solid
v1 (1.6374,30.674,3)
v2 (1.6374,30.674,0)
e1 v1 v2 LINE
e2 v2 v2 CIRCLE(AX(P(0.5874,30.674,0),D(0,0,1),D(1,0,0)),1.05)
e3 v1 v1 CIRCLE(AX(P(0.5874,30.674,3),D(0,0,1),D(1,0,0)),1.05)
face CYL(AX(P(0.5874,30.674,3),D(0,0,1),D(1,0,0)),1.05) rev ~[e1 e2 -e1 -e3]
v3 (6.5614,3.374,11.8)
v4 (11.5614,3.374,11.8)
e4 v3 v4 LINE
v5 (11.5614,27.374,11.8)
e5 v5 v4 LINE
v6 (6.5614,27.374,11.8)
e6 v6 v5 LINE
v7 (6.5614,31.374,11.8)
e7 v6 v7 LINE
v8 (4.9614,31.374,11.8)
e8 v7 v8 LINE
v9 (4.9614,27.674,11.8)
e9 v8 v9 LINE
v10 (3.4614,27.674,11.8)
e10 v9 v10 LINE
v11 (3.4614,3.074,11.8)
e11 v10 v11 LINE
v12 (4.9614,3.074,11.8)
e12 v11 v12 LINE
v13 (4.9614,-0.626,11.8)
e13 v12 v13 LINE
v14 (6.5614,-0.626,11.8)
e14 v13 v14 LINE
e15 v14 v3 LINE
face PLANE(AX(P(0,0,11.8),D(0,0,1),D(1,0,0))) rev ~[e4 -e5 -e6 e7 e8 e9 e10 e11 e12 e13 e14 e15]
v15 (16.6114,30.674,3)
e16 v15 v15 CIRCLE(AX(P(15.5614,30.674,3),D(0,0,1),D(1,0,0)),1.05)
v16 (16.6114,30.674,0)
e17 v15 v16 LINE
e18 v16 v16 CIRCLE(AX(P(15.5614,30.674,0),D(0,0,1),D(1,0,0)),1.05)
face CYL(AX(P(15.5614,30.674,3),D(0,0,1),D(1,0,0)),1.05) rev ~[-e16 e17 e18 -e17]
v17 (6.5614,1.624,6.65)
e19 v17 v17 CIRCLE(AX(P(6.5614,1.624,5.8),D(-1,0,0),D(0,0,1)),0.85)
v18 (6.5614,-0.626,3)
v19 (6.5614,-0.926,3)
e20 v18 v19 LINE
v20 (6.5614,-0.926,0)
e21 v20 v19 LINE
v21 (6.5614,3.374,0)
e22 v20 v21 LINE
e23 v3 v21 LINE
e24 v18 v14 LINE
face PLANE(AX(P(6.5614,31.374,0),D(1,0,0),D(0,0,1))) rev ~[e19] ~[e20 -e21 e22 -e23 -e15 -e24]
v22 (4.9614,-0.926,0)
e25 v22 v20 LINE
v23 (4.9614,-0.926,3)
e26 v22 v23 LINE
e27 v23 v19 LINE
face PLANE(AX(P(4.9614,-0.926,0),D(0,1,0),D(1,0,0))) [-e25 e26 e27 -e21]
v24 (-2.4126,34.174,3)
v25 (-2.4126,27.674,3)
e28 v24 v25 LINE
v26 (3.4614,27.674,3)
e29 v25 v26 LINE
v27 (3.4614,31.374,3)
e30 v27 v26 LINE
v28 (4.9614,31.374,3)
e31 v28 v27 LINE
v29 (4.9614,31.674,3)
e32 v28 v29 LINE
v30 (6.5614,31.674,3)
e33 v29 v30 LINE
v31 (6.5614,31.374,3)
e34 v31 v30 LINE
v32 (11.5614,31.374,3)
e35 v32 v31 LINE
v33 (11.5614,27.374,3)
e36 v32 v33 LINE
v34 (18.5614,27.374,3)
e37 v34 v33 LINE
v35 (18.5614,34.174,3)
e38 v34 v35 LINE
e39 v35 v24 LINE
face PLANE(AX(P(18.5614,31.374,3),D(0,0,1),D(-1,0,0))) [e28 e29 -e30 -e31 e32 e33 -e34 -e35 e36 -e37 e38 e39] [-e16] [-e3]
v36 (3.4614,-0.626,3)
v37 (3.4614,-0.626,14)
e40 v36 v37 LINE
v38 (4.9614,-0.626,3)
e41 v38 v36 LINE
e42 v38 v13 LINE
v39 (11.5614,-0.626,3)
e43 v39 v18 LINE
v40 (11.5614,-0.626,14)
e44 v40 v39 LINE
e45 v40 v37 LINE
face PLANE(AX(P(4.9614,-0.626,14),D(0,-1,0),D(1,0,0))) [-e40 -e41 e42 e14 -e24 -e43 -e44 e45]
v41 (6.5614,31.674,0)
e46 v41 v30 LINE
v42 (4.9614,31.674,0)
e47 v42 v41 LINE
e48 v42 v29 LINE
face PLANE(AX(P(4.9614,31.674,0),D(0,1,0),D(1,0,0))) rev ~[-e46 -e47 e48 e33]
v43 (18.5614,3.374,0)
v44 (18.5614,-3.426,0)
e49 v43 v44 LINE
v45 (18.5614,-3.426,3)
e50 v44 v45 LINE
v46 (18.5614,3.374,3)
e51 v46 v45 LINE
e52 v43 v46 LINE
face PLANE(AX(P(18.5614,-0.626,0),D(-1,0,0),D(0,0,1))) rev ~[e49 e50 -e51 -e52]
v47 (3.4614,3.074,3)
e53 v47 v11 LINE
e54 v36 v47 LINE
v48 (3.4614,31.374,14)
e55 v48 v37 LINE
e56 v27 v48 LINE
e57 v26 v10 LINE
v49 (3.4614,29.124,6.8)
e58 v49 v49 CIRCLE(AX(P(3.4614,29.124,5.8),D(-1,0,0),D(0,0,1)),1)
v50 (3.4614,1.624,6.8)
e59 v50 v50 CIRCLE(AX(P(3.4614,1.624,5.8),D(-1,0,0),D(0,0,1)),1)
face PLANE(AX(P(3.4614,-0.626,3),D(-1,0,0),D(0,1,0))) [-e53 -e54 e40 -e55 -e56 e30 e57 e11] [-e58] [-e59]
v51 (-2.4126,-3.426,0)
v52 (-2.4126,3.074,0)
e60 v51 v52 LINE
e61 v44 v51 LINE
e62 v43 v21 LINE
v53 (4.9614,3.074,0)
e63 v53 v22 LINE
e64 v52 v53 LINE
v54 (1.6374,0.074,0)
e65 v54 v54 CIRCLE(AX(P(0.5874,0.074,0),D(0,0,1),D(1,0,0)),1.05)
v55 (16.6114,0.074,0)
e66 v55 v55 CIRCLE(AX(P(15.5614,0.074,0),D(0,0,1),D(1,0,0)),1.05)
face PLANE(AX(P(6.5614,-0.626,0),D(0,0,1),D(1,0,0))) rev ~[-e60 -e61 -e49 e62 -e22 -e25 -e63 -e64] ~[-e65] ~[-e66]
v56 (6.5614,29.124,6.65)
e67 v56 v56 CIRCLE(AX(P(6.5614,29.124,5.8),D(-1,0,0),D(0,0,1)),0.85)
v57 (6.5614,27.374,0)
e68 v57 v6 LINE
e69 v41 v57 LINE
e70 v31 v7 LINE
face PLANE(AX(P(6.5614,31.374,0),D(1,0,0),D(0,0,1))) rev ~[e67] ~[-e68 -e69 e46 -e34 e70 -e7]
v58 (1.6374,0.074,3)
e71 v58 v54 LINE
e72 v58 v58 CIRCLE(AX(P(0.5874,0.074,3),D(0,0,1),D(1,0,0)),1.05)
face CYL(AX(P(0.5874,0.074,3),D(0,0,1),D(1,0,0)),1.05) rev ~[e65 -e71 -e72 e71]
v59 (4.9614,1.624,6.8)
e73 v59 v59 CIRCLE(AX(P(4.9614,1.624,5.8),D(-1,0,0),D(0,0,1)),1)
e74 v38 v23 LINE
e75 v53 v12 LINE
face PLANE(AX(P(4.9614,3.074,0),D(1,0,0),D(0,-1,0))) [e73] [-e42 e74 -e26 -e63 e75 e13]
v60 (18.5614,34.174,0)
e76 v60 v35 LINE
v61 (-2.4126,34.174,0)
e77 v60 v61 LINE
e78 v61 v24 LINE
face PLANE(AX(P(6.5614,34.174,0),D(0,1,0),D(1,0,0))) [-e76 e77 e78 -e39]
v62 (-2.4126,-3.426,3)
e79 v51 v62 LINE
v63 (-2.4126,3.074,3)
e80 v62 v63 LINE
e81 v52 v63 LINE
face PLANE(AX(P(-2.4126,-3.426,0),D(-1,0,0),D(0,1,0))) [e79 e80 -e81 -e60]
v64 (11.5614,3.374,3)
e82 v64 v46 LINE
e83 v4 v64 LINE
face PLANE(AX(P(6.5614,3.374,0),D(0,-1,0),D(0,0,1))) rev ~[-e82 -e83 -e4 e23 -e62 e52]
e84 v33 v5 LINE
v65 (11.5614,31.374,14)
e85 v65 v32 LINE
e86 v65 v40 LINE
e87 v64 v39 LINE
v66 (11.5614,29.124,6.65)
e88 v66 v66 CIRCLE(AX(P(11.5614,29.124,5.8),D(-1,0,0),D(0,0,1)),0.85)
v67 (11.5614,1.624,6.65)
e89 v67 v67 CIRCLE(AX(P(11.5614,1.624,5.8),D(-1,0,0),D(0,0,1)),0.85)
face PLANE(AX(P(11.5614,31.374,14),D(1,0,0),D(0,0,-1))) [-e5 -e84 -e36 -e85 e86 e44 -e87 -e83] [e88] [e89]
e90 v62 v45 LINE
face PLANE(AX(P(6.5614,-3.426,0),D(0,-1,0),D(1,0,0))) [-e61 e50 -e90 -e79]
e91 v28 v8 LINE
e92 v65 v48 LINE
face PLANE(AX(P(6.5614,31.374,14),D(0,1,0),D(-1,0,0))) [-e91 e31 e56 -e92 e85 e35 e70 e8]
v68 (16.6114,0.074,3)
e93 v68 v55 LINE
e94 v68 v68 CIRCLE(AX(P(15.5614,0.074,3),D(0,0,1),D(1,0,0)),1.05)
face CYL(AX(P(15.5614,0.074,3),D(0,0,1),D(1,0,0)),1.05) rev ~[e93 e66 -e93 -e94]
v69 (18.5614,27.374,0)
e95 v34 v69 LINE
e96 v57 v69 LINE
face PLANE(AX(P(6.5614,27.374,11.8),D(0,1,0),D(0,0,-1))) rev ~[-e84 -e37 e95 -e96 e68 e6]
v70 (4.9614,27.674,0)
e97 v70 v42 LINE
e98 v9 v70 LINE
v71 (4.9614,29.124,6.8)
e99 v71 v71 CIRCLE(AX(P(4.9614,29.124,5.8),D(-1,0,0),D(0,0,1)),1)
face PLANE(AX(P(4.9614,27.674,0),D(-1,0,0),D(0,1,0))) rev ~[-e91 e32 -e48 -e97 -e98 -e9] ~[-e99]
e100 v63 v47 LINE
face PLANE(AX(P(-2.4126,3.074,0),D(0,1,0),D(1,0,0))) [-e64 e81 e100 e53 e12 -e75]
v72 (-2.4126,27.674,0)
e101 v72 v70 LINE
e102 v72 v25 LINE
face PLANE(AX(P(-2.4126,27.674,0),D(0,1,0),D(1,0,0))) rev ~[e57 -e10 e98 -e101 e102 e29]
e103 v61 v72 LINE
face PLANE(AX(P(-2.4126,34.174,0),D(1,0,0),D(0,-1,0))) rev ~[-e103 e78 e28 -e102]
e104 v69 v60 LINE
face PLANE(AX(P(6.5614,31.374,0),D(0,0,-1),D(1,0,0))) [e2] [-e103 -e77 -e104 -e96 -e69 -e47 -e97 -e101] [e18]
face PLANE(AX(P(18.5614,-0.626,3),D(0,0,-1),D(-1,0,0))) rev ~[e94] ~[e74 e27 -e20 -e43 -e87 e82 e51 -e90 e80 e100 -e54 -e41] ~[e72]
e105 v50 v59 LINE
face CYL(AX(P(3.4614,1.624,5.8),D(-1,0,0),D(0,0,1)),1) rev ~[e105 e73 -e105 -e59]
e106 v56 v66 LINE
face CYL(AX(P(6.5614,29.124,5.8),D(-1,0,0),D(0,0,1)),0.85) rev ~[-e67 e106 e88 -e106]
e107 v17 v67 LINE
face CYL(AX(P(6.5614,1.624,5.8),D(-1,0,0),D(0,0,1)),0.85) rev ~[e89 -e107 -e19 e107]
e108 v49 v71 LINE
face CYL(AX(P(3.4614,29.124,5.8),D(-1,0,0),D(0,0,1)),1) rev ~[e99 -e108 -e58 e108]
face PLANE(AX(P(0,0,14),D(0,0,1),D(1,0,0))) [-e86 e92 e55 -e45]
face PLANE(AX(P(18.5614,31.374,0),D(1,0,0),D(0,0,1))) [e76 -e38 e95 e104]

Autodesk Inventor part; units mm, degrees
ref_plane "YZ Plane" through (0, 0, 0) normal (1, 0, 0) x (0, 1, 0)
ref_plane "XZ Plane" through (0, 0, 0) normal (0, 1, 0) x (-1, 0, 0)
ref_plane "XY Plane" through (0, 0, 0) normal (0, 0, 1) x (1, 0, 0)
sketch "スケッチ1" plane through (0, 0, 0) normal (0, 0, 1) x (1, 0, 0)
  line L0 (4.7874, 3.074) -> (-2.4126, 3.074) construction
  line L1 (-2.4126, 3.074) -> (-2.4126, -2.5626) construction
  line L2 (4.6566, -2.5626) -> (-2.4126, -2.5626) construction
  line L3 (4.6566, -14.1826) -> (4.6566, -2.5626) construction
  line L4 (32.7567, -14.1826) -> (4.6566, -14.1826) construction
  arc A0 (33.6403, -15.0662) -> (32.7567, -14.1826) centre (32.7567, -15.0662) ccw construction
  line L5 (33.6403, -15.0662) -> (33.6403, -5.3461) construction
  arc A1 (32.7567, -6.2297) -> (33.6403, -5.3461) centre (32.7567, -5.3461) ccw construction
  line L6 (32.7567, -6.2297) -> (28.4268, -6.2297) construction
  line L7 (28.4268, 12.9897) -> (28.4268, -6.2297) construction
  line L8 (28.4268, 12.9897) -> (33.7287, 12.9897) construction
  line L9 (33.7287, 34.374) -> (33.7287, 12.9897) construction
  line L10 (-2.4126, 34.374) -> (33.7287, 34.374) construction
  line L11 (-2.4126, 34.374) -> (-2.4126, 27.674) construction
  line L12 (-2.4126, 27.674) -> (4.7874, 27.674) construction
  line L13 (4.7874, 27.674) -> (4.7874, 31.674) construction
  line L14 (4.7874, 31.674) -> (7.0874, 31.674) construction
  line L15 (7.0874, 31.674) -> (7.0874, 27.674) construction
  line L16 (7.0874, 27.674) -> (22.5874, 27.674) construction
  line L17 (22.5874, 27.674) -> (22.5874, 3.074) construction
  line L18 (22.5874, 3.074) -> (7.0874, 3.074) construction
  line L19 (7.0874, 3.074) -> (7.0874, -0.926) construction
  line L20 (7.0874, -0.926) -> (4.7874, -0.926) construction
  line L21 (4.7874, -0.926) -> (4.7874, 3.074) construction
  line L22 (4.9614, 30.124) -> (6.5614, 30.124) construction
  line L23 (4.9614, 28.124) -> (6.5614, 28.124) construction
  line L24 (6.5614, 27.174) -> (20.8114, 27.174) construction
  line L25 (6.5614, 29.374) -> (6.5614, 31.374) construction
  line L26 (6.5614, 26.174) -> (6.5614, 29.374) construction
  line L27 (18.4524, 3.574) -> (6.5614, 3.574) construction
  line L28 (6.5614, 1.374) -> (6.5614, 4.574) construction
  line L29 (6.5614, -0.626) -> (6.5614, 1.374) construction
  line L30 (4.9614, 2.624) -> (6.5614, 2.624) construction
  line L31 (4.9614, 0.624) -> (6.5614, 0.624) construction
  line L32 (6.5614, 31.374) -> (18.5614, 31.374)
  line L33 (18.5614, 31.374) -> (18.5614, -0.626)
  line L34 (18.5614, -0.626) -> (6.5614, -0.626)
  line L35 (6.5614, -0.626) -> (6.5614, 31.374)
  circle A2 centre (0.5874, 30.674) radius 0.8
  circle A3 centre (15.5614, 0.074) radius 0.8
  circle A4 centre (0.5874, 0.074) radius 0.8
  circle A5 centre (15.5614, 30.674) radius 0.8
  point P0 (0, 0)
extrude "押し出し1" add sketch "スケッチ1" along normal blind 14 contours L32 A5 L33 L34 A3 L35 | L32 A5 | A3 L34 picked at (15.5843, 30.875) picked at (15.5358, 0.3268)
sketch "スケッチ2" plane through (6.5614, -0.626, 0) normal (-1, 0, 0) x (0, 0, 1)
  line L0 (1, 27.8) -> (10.6, 27.8) construction
  arc A0 (11.6, 26.8) -> (10.6, 27.8) centre (10.6, 26.8) ccw construction
  line L1 (11.6, 26.8) -> (11.6, 30) construction
  arc A1 (11.6, 30) -> (9.6, 32) centre (9.6, 30) ccw construction
  line L2 (2, 32) -> (9.6, 32) construction
  arc A2 (2, 32) -> (0, 30) centre (2, 30) ccw construction
  line L3 (0, 26.8) -> (0, 30) construction
  arc A3 (1, 27.8) -> (0, 26.8) centre (1, 26.8) ccw construction
  circle A4 centre (5.8, 29.75) radius 1 construction
  arc A5 (10.6, 4.2) -> (11.6, 5.2) centre (10.6, 5.2) ccw construction
  line L4 (10.6, 4.2) -> (1, 4.2) construction
  arc A6 (0, 5.2) -> (1, 4.2) centre (1, 5.2) ccw construction
  line L5 (0, 2) -> (0, 5.2) construction
  arc A7 (0, 2) -> (2, 0) centre (2, 2) ccw construction
  line L6 (9.6, 0) -> (2, 0) construction
  arc A8 (9.6, 0) -> (11.6, 2) centre (9.6, 2) ccw construction
  line L7 (11.6, 2) -> (11.6, 5.2) construction
  circle A9 centre (5.8, 2.25) radius 1 construction
  circle A10 centre (5.8, 29.75) radius 0.85
  circle A11 centre (5.8, 2.25) radius 0.85
  point P0 (0, 0.626)
  dimension "d3" = 1.7
extrude "押し出し2" cut sketch "スケッチ2" against normal up to next
sketch "スケッチ3" plane through (6.5614, -0.626, 0) normal (-1, 0, 0) x (0, 0, 1)
  line L0 (9.6, 27.8) -> (2, 27.8) construction
  line L1 (11.6, 9.918) -> (11.6, 25.8) construction
  spline S0 degree 5 poles (31.6664, 3.8342) (33.0444, 2.9064) (34.3681, 1.8973) (35.6334, 0.8093) (37.4433, -0.9431) (39.0884, -2.8469) (39.625, -3.5071) (40.1413, -4.1828) (40.6369, -4.8737) knots 0.500883 0.500883 0.500883 0.500883 0.500883 0.500883 16.687593 16.687593 16.687593 24.970224 24.970224 24.970224 24.970224 24.970224 24.970224 construction
  line L2 (1, 27.8) -> (10.6, 27.8) construction
  arc A0 (11.6, 26.8) -> (10.6, 27.8) centre (10.6, 26.8) ccw construction
  line L3 (11.6, 26.8) -> (11.6, 30) construction
  arc A1 (11.6, 30) -> (9.6, 32) centre (9.6, 30) ccw construction
  line L4 (2, 32) -> (9.6, 32) construction
  arc A2 (2, 32) -> (0, 30) centre (2, 30) ccw construction
  line L5 (0, 26.8) -> (0, 30) construction
  arc A3 (1, 27.8) -> (0, 26.8) centre (1, 26.8) ccw construction
  circle A4 centre (5.8, 29.75) radius 1 construction
  arc A5 (10.6, 4.2) -> (11.6, 5.2) centre (10.6, 5.2) ccw construction
  line L6 (10.6, 4.2) -> (1, 4.2) construction
  arc A6 (0, 5.2) -> (1, 4.2) centre (1, 5.2) ccw construction
  line L7 (0, 2) -> (0, 5.2) construction
  arc A7 (0, 2) -> (2, 0) centre (2, 2) ccw construction
  line L8 (9.6, 0) -> (2, 0) construction
  arc A8 (9.6, 0) -> (11.6, 2) centre (9.6, 2) ccw construction
  line L9 (11.6, 2) -> (11.6, 5.2) construction
  circle A9 centre (5.8, 2.25) radius 1 construction
  line L10 (11.8, 28) -> (-0.2, 28)
  line L11 (-0.2, 28) -> (-0.2, 4)
  line L12 (-0.2, 4) -> (11.8, 4)
  line L13 (11.8, 4) -> (11.8, 28)
  line L14 (0, 0) -> (0, 32) projected
  point P0 (0, 0.626)
  dimension "d6" = 0.2
  dimension "d7" = 0.2
  dimension "d8" = 0.2
  dimension "d9" = 0.2
extrude "押し出し3" cut sketch "スケッチ3" against normal up to next
sketch "スケッチ4" plane through (6.5614, 31.374, 0) normal (0, 1, 0) x (1, 0, 0)
  line L0 (12, -14) -> (0, -14) projected
  line L1 (12, -14) -> (5, -14)
  line L2 (5, -14) -> (5, -3)
  line L3 (5, -3) -> (12, -3)
  line L4 (12, -3) -> (12, -14)
  line L5 (0, 0) -> (12, 0) projected
  point P0 (-6.5614, 0)
  dimension "d12" = 7
  dimension "d13" = 3
extrude "押し出し4" cut sketch "スケッチ4" against normal up to next
sketch "スケッチ5" plane through (6.5614, -0.626, 0) normal (0, -1, 0) x (1, 0, 0)
  line L0 (12, 0) -> (12, 3) projected
  line L1 (12, 3) -> (0, 3)
  line L2 (0, 3) -> (0, 0)
  line L3 (0, 0) -> (12, 0)
  line L4 (12, 0) -> (12, 3)
  point P0 (-6.5614, 0)
extrude "押し出し5" add sketch "スケッチ5" along normal blind 2.8
sketch "スケッチ6" plane through (6.5614, 31.374, 0) normal (0, 1, 0) x (1, 0, 0)
  line L0 (12, -3) -> (0, -3) projected
  line L1 (0, 0) -> (0, -14) projected
  line L2 (12, -3) -> (0, -3)
  line L3 (0, -3) -> (0, 0)
  line L4 (0, 0) -> (12, 0)
  line L5 (12, 0) -> (12, -3)
  point P0 (-6.5614, 0)
extrude "押し出し6" add sketch "スケッチ6" along normal blind 2.8
sketch "スケッチ7" plane through (0, 0, 0) normal (0, 0, -1) x (-1, 0, 0)
  line L0 (-4.7874, 3.074) -> (2.4126, 3.074) construction
  line L1 (2.4126, 3.074) -> (2.4126, -2.5626) construction
  line L2 (-4.6566, -2.5626) -> (2.4126, -2.5626) construction
  line L3 (-4.6566, -14.1826) -> (-4.6566, -2.5626) construction
  line L4 (-32.7567, -14.1826) -> (-4.6566, -14.1826) construction
  arc A0 (-32.7567, -14.1826) -> (-33.6403, -15.0662) centre (-32.7567, -15.0662) ccw construction
  line L5 (-33.6403, -15.0662) -> (-33.6403, -5.3461) construction
  arc A1 (-33.6403, -5.3461) -> (-32.7567, -6.2297) centre (-32.7567, -5.3461) ccw construction
  line L6 (-32.7567, -6.2297) -> (-28.4268, -6.2297) construction
  line L7 (-28.4268, 12.9897) -> (-28.4268, -6.2297) construction
  line L8 (-28.4268, 12.9897) -> (-33.7287, 12.9897) construction
  line L9 (-33.7287, 34.374) -> (-33.7287, 12.9897) construction
  line L10 (2.4126, 34.374) -> (-33.7287, 34.374) construction
  line L11 (2.4126, 34.374) -> (2.4126, 27.674) construction
  line L12 (2.4126, 27.674) -> (-4.7874, 27.674) construction
  line L13 (-4.7874, 27.674) -> (-4.7874, 31.674) construction
  line L14 (-4.7874, 31.674) -> (-7.0874, 31.674) construction
  line L15 (-7.0874, 31.674) -> (-7.0874, 27.674) construction
  line L16 (-7.0874, 27.674) -> (-22.5874, 27.674) construction
  line L17 (-22.5874, 27.674) -> (-22.5874, 3.074) construction
  line L18 (-22.5874, 3.074) -> (-7.0874, 3.074) construction
  line L19 (-7.0874, 3.074) -> (-7.0874, -0.926) construction
  line L20 (-7.0874, -0.926) -> (-4.7874, -0.926) construction
  line L21 (-4.7874, -0.926) -> (-4.7874, 3.074) construction
  line L22 (-4.9614, 31.374) -> (-4.9614, 29.374) construction
  line L23 (-6.9374, 3.074) -> (-6.9374, -0.926) construction
  line L24 (-22.5874, 3.074) -> (-7.0874, 3.074) construction
  line L25 (-22.4374, 27.674) -> (-22.4374, 3.074) construction
  line L26 (-7.0874, 27.674) -> (-22.5874, 27.674) construction
  line L27 (-6.9374, 31.674) -> (-6.9374, 27.674) construction
  line L28 (-4.7874, 31.674) -> (-7.0874, 31.674) construction
  line L29 (-4.6374, 27.674) -> (-4.6374, 31.674) construction
  line L30 (2.4126, 27.674) -> (-4.7874, 27.674) construction
  line L31 (2.5626, 3.074) -> (2.5626, 27.674) construction
  line L32 (-4.7874, 3.074) -> (2.4126, 3.074) construction
  line L33 (-4.6374, -0.926) -> (-4.6374, 3.074) construction
  line L34 (-7.0874, -0.926) -> (-4.7874, -0.926) construction
  line L35 (-4.9614, 1.374) -> (-4.9614, -0.626) construction
  line L36 (-6.5614, 27.374) -> (-6.5614, 34.174) projected
  line L37 (-6.5614, 34.174) -> (2.4126, 34.174)
  line L38 (2.4126, 34.174) -> (2.4126, 27.674)
  line L39 (2.4126, 27.674) -> (-4.9614, 27.674)
  line L40 (-4.9614, 27.674) -> (-4.9614, 31.674)
  line L41 (-4.9614, 31.674) -> (-6.5614, 31.674)
  line L42 (-6.5614, 31.674) -> (-6.5614, 34.174)
  line L43 (-6.5614, -0.626) -> (-6.5614, -3.426) projected
  line L44 (-6.5614, -3.426) -> (2.4126, -3.426)
  line L45 (2.4126, -3.426) -> (2.4126, 3.074)
  line L46 (2.4126, 3.074) -> (-4.9614, 3.074)
  line L47 (-4.9614, 3.074) -> (-4.9614, -0.926)
  line L48 (-4.9614, -0.926) -> (-6.5614, -0.926)
  line L49 (-6.5614, -0.926) -> (-6.5614, -3.426)
  circle A2 centre (-0.5874, 30.674) radius 0.8 projected
  circle A3 centre (-15.5614, 0.074) radius 0.8 projected
  circle A4 centre (-0.5874, 0.074) radius 0.8 projected
  circle A5 centre (-15.5614, 30.674) radius 0.8 projected
  point P0 (0, 0)
extrude "押し出し7" add sketch "スケッチ7" against normal up to surface (3 mm away) contours L36 L37 L38 L39 L40 L41 | L48 L47 L46 L45 L44 L43 | A2 | A4
sketch "スケッチ8" plane through (6.5614, 31.374, 3) normal (0, 0, 1) x (1, 0, 0)
  line L0 (-8.974, -28.3) -> (-1.6, -28.3) projected
  line L1 (-1.6, -32) -> (-3.1, -32)
  line L2 (-3.1, -32) -> (-3.1, -28.3)
  line L3 (-3.1, -28.3) -> (-1.6, -28.3)
  line L4 (-1.6, -28.3) -> (-1.6, -32)
  line L5 (-1.6, -32.3) -> (-1.6, -28.3) projected
  line L6 (0, -32) -> (5, -32) projected
  line L7 (-1.6, -3.7) -> (-8.974, -3.7) projected
  line L8 (-1.6, 0) -> (-3.1, 0)
  line L9 (-3.1, 0) -> (-3.1, -3.7)
  line L10 (-3.1, -3.7) -> (-1.6, -3.7)
  line L11 (-1.6, -3.7) -> (-1.6, 0)
  line L12 (5, 0) -> (0, 0) projected
  line L13 (-1.6, -3.7) -> (-1.6, 0.3) projected
  point P0 (-6.5614, -31.374)
  dimension "d22" = 1.5
extrude "押し出し8" add sketch "スケッチ8" along normal up to surface (11 mm away)
sketch "スケッチ9" plane through (0, 0, 14) normal (0, 0, 1) x (1, 0, 0)
  line L0 (11.5614, -0.626) -> (11.5614, 31.374) construction
  line L1 (11.5614, 31.374) -> (6.5614, 31.374) construction
  line L2 (6.5614, 31.374) -> (6.5614, -0.626) construction
  line L3 (6.5614, -0.626) -> (11.5614, -0.626) construction
  line L4 (4.9614, 31.374) -> (4.9614, 27.674) construction
  line L5 (3.4614, 31.374) -> (4.9614, 31.374) construction
  line L6 (3.4614, 27.674) -> (3.4614, 31.374) construction
  line L7 (4.9614, 27.674) -> (3.4614, 27.674) construction
  line L8 (4.9614, -0.626) -> (3.4614, -0.626) construction
  line L9 (4.9614, 3.074) -> (4.9614, -0.626) construction
  line L10 (3.4614, 3.074) -> (4.9614, 3.074) construction
  line L11 (3.4614, -0.626) -> (3.4614, 3.074) construction
  line L12 (6.5614, 31.374) -> (4.9614, 31.374)
  line L13 (4.9614, 31.374) -> (4.9614, 27.674)
  line L14 (4.9614, 27.674) -> (3.4614, 27.674) projected
  line L15 (4.9614, 27.674) -> (3.4614, 27.674)
  line L16 (3.4614, -0.626) -> (3.4614, 3.074) projected
  line L17 (3.4614, 27.674) -> (3.4614, 3.074)
  line L18 (3.4614, 3.074) -> (4.9614, 3.074)
  line L19 (4.9614, -0.626) -> (3.4614, -0.626) projected
  line L20 (4.9614, 3.074) -> (4.9614, -0.626)
  line L21 (4.9614, -0.626) -> (6.5614, -0.626)
  line L22 (6.5614, -0.626) -> (6.5614, 31.374)
  point P0 (0, 0)
extrude "押し出し9" add sketch "スケッチ9" against normal up to surface (2.2 mm away) contours L22 L21 L20 L18 L17 L14 L13 L12
sketch "スケッチ10" plane through (3.4614, 27.674, 3) normal (-1, 0, 0) x (0, 0, 1)
  circle A0 centre (2.8, 1.45) radius 0.85 construction
  circle A1 centre (2.8, -26.05) radius 1 construction
  circle A2 centre (2.8, 1.45) radius 1
  circle A3 centre (2.8, -26.05) radius 1
  point P0 (-3, -27.674)
  dimension "d27" = 2
extrude "押し出し10" cut sketch "スケッチ10" against normal up to next
sketch "スケッチ11" plane through (6.5614, 31.374, 3) normal (0, 0, 1) x (1, 0, 0)
  circle A0 centre (9, -0.7) radius 1.05
  circle A1 centre (-5.974, -0.7) radius 1.05
  line L0 (-8.974, 2.8) -> (-8.974, -3.7) projected
  line L1 (-8.974, -3.7) -> (-3.1, -3.7) projected
  line L2 (12, -4) -> (12, 2.8) projected
  circle A2 centre (9, -31.3) radius 1.05
  circle A3 centre (-5.974, -31.3) radius 1.05
  line L3 (-3.1, -28.3) -> (-8.974, -28.3) projected
  point P0 (-6.5614, -31.374)
  dimension "d30" = 3
  dimension "d31" = 3
  dimension "d32" = 2.1
  dimension "d33" = 3
  dimension "d34" = 3
extrude "押し出し11" cut sketch "スケッチ11" against normal up to next
properties part number "MotorHolder_forM"
